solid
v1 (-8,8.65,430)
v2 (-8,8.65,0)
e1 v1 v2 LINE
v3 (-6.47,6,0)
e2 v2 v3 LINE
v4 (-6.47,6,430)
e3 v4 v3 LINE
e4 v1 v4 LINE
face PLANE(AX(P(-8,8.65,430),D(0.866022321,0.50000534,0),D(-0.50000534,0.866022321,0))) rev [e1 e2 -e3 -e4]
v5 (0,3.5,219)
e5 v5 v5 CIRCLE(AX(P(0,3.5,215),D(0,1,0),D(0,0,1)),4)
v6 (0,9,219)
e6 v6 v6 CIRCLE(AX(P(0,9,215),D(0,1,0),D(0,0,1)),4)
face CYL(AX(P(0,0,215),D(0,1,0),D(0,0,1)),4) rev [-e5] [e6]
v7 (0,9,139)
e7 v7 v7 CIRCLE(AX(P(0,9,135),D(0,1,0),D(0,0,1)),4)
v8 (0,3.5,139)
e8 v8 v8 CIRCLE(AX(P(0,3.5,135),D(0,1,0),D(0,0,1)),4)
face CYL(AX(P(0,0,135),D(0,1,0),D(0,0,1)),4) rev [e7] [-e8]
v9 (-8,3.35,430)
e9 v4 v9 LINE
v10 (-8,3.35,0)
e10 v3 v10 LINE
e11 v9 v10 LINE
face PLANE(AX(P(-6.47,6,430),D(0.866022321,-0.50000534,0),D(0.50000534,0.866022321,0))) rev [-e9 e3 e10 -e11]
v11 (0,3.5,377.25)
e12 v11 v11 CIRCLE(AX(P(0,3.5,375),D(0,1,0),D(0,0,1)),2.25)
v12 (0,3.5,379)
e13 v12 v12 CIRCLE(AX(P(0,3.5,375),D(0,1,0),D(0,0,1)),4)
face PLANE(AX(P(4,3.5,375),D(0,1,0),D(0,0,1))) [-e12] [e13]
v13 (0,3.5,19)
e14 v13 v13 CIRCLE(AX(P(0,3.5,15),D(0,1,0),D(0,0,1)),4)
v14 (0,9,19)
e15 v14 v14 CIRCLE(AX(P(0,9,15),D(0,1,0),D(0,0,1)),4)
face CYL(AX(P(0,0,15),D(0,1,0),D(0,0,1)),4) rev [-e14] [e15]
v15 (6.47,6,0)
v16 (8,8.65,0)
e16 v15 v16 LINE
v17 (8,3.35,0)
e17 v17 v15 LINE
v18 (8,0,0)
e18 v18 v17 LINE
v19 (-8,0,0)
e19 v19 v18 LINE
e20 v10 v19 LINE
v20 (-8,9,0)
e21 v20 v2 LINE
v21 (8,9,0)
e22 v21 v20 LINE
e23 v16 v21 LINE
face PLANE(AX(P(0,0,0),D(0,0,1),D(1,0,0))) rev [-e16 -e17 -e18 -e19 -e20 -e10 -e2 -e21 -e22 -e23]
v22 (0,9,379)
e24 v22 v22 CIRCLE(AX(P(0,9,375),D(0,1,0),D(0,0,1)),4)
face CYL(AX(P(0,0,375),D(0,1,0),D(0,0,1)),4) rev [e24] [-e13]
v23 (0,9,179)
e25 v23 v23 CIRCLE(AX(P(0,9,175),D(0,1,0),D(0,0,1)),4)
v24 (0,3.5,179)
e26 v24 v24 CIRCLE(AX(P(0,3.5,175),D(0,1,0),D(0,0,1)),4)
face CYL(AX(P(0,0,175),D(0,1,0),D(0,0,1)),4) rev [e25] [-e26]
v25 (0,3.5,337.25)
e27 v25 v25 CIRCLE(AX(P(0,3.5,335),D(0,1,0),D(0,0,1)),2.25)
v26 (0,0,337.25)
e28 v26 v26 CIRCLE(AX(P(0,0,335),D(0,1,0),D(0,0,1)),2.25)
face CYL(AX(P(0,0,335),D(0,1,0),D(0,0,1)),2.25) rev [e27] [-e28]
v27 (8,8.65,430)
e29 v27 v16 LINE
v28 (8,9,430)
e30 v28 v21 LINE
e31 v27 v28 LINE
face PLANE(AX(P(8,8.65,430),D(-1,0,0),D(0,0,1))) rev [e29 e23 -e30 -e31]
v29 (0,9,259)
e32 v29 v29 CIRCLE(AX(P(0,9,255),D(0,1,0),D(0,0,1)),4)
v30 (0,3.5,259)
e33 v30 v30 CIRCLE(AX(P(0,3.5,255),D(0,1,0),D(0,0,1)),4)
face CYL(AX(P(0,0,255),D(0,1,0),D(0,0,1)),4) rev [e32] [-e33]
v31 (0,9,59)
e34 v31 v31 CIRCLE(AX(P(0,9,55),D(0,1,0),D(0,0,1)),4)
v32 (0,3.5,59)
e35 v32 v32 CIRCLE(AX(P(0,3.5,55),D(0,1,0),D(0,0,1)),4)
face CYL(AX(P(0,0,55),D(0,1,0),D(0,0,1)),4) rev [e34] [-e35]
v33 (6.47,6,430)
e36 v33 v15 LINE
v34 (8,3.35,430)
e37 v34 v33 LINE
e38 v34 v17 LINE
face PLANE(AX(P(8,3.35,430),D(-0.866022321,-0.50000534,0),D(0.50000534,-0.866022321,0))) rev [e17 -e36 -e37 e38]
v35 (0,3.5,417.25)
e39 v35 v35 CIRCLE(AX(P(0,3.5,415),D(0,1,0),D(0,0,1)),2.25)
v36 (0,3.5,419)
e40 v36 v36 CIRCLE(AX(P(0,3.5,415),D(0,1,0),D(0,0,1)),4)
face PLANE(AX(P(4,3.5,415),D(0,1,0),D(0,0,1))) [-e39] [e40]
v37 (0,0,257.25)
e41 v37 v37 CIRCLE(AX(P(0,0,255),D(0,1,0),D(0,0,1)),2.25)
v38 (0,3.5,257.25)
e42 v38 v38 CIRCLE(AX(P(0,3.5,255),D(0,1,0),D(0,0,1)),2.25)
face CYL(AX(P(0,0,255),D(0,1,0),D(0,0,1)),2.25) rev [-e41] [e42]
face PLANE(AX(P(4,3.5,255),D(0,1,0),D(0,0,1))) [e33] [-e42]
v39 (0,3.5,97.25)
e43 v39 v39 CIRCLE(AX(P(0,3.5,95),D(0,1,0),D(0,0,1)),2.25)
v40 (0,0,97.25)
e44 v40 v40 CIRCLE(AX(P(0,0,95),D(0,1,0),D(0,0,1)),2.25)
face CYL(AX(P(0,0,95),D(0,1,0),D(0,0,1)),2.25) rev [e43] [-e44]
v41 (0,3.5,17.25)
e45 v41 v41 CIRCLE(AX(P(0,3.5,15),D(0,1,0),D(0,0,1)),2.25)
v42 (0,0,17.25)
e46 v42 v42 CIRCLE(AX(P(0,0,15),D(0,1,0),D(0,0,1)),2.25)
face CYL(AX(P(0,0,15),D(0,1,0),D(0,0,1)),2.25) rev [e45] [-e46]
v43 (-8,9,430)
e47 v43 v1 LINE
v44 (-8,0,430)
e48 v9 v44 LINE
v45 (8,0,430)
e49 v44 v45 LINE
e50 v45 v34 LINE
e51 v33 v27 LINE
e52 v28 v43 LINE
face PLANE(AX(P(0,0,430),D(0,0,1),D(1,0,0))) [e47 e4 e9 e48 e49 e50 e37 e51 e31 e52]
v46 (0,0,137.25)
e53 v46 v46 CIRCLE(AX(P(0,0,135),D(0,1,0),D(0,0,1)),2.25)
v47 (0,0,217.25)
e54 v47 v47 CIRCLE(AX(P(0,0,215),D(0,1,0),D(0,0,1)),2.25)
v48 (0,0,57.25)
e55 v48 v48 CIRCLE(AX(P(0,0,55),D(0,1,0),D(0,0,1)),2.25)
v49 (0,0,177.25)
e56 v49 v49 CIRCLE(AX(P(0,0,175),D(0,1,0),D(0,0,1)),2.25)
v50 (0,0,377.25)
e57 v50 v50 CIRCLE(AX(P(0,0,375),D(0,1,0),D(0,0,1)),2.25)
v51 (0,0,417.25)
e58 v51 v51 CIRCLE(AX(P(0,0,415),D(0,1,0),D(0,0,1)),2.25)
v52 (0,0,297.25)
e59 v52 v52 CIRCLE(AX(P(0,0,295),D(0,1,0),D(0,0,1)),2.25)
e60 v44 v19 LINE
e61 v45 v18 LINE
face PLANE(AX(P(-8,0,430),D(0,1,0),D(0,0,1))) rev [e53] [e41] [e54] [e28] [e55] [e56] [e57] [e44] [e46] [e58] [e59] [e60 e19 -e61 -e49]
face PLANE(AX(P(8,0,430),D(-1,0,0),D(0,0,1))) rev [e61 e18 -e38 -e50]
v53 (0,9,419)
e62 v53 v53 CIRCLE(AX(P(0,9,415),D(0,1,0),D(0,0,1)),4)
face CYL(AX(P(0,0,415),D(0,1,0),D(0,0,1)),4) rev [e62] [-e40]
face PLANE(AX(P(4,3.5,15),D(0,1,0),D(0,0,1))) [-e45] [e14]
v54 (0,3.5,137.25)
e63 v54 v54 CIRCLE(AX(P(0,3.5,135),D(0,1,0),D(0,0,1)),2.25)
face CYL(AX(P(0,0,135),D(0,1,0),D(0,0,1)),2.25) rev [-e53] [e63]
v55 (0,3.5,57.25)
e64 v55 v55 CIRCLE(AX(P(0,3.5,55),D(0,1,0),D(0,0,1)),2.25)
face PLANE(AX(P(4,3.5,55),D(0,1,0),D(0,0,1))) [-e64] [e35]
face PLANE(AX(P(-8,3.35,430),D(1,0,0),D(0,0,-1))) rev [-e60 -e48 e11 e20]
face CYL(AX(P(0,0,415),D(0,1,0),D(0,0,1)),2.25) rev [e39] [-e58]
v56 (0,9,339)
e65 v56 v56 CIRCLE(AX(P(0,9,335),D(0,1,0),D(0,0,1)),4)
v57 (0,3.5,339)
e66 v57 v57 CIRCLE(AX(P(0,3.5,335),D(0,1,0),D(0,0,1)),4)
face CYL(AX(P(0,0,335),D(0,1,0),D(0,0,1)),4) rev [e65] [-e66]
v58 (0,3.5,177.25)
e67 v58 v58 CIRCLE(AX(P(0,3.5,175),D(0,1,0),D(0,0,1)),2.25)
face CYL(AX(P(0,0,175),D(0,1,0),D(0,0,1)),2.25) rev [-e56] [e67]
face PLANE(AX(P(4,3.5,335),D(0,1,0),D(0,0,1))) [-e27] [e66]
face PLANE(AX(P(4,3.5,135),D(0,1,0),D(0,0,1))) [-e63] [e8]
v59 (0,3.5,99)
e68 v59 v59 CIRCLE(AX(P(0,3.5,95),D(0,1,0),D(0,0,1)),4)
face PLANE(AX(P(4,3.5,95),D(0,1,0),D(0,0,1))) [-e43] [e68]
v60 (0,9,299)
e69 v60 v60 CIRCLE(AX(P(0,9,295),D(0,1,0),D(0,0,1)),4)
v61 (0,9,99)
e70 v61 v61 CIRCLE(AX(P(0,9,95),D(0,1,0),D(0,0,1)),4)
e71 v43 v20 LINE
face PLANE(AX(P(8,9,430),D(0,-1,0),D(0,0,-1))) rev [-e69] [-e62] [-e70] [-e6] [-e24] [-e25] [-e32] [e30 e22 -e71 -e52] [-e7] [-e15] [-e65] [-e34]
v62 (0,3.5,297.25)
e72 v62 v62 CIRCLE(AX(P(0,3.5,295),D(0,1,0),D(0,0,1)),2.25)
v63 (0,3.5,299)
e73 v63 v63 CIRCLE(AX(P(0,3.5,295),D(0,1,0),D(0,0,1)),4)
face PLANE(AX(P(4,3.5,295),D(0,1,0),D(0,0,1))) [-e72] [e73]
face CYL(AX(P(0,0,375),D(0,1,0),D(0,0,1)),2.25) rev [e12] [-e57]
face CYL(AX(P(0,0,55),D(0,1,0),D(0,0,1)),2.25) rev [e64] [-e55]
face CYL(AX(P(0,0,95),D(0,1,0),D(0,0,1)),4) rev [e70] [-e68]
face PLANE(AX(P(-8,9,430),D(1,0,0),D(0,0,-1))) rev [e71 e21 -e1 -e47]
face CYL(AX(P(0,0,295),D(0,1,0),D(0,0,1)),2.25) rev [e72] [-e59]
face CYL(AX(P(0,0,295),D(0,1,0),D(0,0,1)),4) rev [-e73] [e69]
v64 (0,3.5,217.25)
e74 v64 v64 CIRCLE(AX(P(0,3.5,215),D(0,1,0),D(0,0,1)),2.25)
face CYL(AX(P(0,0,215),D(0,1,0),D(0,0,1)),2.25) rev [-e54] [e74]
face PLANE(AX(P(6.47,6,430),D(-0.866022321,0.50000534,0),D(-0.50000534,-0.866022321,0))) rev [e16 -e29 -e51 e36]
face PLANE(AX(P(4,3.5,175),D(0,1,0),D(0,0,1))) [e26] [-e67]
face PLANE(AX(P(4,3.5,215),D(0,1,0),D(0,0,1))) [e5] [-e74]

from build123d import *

# Parameters (mm, degrees)
BOSS_EXTRUDE1_DEPTH = 430


with BuildPart() as part:
    # Sketch1 → Boss-Extrude1 (new body)
    with BuildSketch(Plane.XY):
        Polygon((-8, 0), (8, 0), (8, 3.35), (6.47, 6), (8, 8.65), (8, 9), (-8, 9), (-8, 8.65), (-6.47, 6), (-8, 3.35), align=None)
    extrude(amount=BOSS_EXTRUDE1_DEPTH)

    # Sketch2 → Cut-Revolve1 (revolve, cut)
    with BuildSketch(Plane.XY.offset(15), mode=Mode.PRIVATE) as cut_revolve1_sk:
        Polygon((0, 9), (4, 9), (4, 3.5), (2.25, 3.5), (2.25, 0), (0, 0), align=None)
    revolve(cut_revolve1_sk.sketch.rotate(Axis((0, 0, 15), (0, 1, 0)), 270), axis=Axis((0, 0, 15), (0, 1, 0)), mode=Mode.SUBTRACT)

    # Sketch3 → Cut-Revolve2 (revolve, cut)
    with BuildSketch(Plane.XY.offset(55), mode=Mode.PRIVATE) as cut_revolve2_sk:
        Polygon((0, 9), (4, 9), (4, 3.5), (2.25, 3.5), (2.25, 0), (0, 0), align=None)
    revolve(cut_revolve2_sk.sketch.rotate(Axis((0, 0, 55), (0, 1, 0)), 270), axis=Axis((0, 0, 55), (0, 1, 0)), mode=Mode.SUBTRACT)

    # Sketch4 → Cut-Revolve3 (revolve, cut)
    with BuildSketch(Plane.XY.offset(95), mode=Mode.PRIVATE) as cut_revolve3_sk:
        Polygon((0, 9), (4, 9), (4, 3.5), (2.25, 3.5), (2.25, 0), (0, 0), align=None)
    revolve(cut_revolve3_sk.sketch.rotate(Axis((0, 0, 95), (0, 1, 0)), 270), axis=Axis((0, 0, 95), (0, 1, 0)), mode=Mode.SUBTRACT)

    # Sketch5 → Cut-Revolve4 (revolve, cut)
    with BuildSketch(Plane.XY.offset(135), mode=Mode.PRIVATE) as cut_revolve4_sk:
        Polygon((0, 9), (4, 9), (4, 3.5), (2.25, 3.5), (2.25, 0), (0, 0), align=None)
    revolve(cut_revolve4_sk.sketch.rotate(Axis((0, 0, 135), (0, 1, 0)), 270), axis=Axis((0, 0, 135), (0, 1, 0)), mode=Mode.SUBTRACT)

    # Sketch6 → Cut-Revolve5 (revolve, cut)
    with BuildSketch(Plane.XY.offset(175), mode=Mode.PRIVATE) as cut_revolve5_sk:
        Polygon((0, 9), (4, 9), (4, 3.5), (2.25, 3.5), (2.25, 0), (0, 0), align=None)
    revolve(cut_revolve5_sk.sketch.rotate(Axis((0, 0, 175), (0, 1, 0)), 270), axis=Axis((0, 0, 175), (0, 1, 0)), mode=Mode.SUBTRACT)

    # Sketch7 → Cut-Revolve6 (revolve, cut)
    with BuildSketch(Plane.XY.offset(215), mode=Mode.PRIVATE) as cut_revolve6_sk:
        Polygon((0, 9), (4, 9), (4, 3.5), (2.25, 3.5), (2.25, 0), (0, 0), align=None)
    revolve(cut_revolve6_sk.sketch.rotate(Axis((0, 0, 215), (0, 1, 0)), 270), axis=Axis((0, 0, 215), (0, 1, 0)), mode=Mode.SUBTRACT)

    # Sketch8 → Cut-Revolve7 (revolve, cut)
    with BuildSketch(Plane.XY.offset(255), mode=Mode.PRIVATE) as cut_revolve7_sk:
        Polygon((0, 9), (4, 9), (4, 3.5), (2.25, 3.5), (2.25, 0), (0, 0), align=None)
    revolve(cut_revolve7_sk.sketch.rotate(Axis((0, 0, 255), (0, 1, 0)), 270), axis=Axis((0, 0, 255), (0, 1, 0)), mode=Mode.SUBTRACT)

    # Sketch9 → Cut-Revolve8 (revolve, cut)
    with BuildSketch(Plane.XY.offset(295), mode=Mode.PRIVATE) as cut_revolve8_sk:
        Polygon((0, 9), (4, 9), (4, 3.5), (2.25, 3.5), (2.25, 0), (0, 0), align=None)
    revolve(cut_revolve8_sk.sketch.rotate(Axis((0, 0, 295), (0, 1, 0)), 270), axis=Axis((0, 0, 295), (0, 1, 0)), mode=Mode.SUBTRACT)

    # Sketch10 → Cut-Revolve9 (revolve, cut)
    with BuildSketch(Plane.XY.offset(335), mode=Mode.PRIVATE) as cut_revolve9_sk:
        Polygon((0, 9), (4, 9), (4, 3.5), (2.25, 3.5), (2.25, 0), (0, 0), align=None)
    revolve(cut_revolve9_sk.sketch.rotate(Axis((0, 0, 335), (0, 1, 0)), 270), axis=Axis((0, 0, 335), (0, 1, 0)), mode=Mode.SUBTRACT)

    # Sketch11 → Cut-Revolve10 (revolve, cut)
    with BuildSketch(Plane.XY.offset(375), mode=Mode.PRIVATE) as cut_revolve10_sk:
        Polygon((0, 9), (4, 9), (4, 3.5), (2.25, 3.5), (2.25, 0), (0, 0), align=None)
    revolve(cut_revolve10_sk.sketch.rotate(Axis((0, 0, 375), (0, 1, 0)), 270), axis=Axis((0, 0, 375), (0, 1, 0)), mode=Mode.SUBTRACT)

    # Sketch12 → Cut-Revolve11 (revolve, cut)
    with BuildSketch(Plane.XY.offset(415), mode=Mode.PRIVATE) as cut_revolve11_sk:
        Polygon((0, 9), (4, 9), (4, 3.5), (2.25, 3.5), (2.25, 0), (0, 0), align=None)
    revolve(cut_revolve11_sk.sketch.rotate(Axis((0, 0, 415), (0, 1, 0)), 270), axis=Axis((0, 0, 415), (0, 1, 0)), mode=Mode.SUBTRACT)


solid = part.part
